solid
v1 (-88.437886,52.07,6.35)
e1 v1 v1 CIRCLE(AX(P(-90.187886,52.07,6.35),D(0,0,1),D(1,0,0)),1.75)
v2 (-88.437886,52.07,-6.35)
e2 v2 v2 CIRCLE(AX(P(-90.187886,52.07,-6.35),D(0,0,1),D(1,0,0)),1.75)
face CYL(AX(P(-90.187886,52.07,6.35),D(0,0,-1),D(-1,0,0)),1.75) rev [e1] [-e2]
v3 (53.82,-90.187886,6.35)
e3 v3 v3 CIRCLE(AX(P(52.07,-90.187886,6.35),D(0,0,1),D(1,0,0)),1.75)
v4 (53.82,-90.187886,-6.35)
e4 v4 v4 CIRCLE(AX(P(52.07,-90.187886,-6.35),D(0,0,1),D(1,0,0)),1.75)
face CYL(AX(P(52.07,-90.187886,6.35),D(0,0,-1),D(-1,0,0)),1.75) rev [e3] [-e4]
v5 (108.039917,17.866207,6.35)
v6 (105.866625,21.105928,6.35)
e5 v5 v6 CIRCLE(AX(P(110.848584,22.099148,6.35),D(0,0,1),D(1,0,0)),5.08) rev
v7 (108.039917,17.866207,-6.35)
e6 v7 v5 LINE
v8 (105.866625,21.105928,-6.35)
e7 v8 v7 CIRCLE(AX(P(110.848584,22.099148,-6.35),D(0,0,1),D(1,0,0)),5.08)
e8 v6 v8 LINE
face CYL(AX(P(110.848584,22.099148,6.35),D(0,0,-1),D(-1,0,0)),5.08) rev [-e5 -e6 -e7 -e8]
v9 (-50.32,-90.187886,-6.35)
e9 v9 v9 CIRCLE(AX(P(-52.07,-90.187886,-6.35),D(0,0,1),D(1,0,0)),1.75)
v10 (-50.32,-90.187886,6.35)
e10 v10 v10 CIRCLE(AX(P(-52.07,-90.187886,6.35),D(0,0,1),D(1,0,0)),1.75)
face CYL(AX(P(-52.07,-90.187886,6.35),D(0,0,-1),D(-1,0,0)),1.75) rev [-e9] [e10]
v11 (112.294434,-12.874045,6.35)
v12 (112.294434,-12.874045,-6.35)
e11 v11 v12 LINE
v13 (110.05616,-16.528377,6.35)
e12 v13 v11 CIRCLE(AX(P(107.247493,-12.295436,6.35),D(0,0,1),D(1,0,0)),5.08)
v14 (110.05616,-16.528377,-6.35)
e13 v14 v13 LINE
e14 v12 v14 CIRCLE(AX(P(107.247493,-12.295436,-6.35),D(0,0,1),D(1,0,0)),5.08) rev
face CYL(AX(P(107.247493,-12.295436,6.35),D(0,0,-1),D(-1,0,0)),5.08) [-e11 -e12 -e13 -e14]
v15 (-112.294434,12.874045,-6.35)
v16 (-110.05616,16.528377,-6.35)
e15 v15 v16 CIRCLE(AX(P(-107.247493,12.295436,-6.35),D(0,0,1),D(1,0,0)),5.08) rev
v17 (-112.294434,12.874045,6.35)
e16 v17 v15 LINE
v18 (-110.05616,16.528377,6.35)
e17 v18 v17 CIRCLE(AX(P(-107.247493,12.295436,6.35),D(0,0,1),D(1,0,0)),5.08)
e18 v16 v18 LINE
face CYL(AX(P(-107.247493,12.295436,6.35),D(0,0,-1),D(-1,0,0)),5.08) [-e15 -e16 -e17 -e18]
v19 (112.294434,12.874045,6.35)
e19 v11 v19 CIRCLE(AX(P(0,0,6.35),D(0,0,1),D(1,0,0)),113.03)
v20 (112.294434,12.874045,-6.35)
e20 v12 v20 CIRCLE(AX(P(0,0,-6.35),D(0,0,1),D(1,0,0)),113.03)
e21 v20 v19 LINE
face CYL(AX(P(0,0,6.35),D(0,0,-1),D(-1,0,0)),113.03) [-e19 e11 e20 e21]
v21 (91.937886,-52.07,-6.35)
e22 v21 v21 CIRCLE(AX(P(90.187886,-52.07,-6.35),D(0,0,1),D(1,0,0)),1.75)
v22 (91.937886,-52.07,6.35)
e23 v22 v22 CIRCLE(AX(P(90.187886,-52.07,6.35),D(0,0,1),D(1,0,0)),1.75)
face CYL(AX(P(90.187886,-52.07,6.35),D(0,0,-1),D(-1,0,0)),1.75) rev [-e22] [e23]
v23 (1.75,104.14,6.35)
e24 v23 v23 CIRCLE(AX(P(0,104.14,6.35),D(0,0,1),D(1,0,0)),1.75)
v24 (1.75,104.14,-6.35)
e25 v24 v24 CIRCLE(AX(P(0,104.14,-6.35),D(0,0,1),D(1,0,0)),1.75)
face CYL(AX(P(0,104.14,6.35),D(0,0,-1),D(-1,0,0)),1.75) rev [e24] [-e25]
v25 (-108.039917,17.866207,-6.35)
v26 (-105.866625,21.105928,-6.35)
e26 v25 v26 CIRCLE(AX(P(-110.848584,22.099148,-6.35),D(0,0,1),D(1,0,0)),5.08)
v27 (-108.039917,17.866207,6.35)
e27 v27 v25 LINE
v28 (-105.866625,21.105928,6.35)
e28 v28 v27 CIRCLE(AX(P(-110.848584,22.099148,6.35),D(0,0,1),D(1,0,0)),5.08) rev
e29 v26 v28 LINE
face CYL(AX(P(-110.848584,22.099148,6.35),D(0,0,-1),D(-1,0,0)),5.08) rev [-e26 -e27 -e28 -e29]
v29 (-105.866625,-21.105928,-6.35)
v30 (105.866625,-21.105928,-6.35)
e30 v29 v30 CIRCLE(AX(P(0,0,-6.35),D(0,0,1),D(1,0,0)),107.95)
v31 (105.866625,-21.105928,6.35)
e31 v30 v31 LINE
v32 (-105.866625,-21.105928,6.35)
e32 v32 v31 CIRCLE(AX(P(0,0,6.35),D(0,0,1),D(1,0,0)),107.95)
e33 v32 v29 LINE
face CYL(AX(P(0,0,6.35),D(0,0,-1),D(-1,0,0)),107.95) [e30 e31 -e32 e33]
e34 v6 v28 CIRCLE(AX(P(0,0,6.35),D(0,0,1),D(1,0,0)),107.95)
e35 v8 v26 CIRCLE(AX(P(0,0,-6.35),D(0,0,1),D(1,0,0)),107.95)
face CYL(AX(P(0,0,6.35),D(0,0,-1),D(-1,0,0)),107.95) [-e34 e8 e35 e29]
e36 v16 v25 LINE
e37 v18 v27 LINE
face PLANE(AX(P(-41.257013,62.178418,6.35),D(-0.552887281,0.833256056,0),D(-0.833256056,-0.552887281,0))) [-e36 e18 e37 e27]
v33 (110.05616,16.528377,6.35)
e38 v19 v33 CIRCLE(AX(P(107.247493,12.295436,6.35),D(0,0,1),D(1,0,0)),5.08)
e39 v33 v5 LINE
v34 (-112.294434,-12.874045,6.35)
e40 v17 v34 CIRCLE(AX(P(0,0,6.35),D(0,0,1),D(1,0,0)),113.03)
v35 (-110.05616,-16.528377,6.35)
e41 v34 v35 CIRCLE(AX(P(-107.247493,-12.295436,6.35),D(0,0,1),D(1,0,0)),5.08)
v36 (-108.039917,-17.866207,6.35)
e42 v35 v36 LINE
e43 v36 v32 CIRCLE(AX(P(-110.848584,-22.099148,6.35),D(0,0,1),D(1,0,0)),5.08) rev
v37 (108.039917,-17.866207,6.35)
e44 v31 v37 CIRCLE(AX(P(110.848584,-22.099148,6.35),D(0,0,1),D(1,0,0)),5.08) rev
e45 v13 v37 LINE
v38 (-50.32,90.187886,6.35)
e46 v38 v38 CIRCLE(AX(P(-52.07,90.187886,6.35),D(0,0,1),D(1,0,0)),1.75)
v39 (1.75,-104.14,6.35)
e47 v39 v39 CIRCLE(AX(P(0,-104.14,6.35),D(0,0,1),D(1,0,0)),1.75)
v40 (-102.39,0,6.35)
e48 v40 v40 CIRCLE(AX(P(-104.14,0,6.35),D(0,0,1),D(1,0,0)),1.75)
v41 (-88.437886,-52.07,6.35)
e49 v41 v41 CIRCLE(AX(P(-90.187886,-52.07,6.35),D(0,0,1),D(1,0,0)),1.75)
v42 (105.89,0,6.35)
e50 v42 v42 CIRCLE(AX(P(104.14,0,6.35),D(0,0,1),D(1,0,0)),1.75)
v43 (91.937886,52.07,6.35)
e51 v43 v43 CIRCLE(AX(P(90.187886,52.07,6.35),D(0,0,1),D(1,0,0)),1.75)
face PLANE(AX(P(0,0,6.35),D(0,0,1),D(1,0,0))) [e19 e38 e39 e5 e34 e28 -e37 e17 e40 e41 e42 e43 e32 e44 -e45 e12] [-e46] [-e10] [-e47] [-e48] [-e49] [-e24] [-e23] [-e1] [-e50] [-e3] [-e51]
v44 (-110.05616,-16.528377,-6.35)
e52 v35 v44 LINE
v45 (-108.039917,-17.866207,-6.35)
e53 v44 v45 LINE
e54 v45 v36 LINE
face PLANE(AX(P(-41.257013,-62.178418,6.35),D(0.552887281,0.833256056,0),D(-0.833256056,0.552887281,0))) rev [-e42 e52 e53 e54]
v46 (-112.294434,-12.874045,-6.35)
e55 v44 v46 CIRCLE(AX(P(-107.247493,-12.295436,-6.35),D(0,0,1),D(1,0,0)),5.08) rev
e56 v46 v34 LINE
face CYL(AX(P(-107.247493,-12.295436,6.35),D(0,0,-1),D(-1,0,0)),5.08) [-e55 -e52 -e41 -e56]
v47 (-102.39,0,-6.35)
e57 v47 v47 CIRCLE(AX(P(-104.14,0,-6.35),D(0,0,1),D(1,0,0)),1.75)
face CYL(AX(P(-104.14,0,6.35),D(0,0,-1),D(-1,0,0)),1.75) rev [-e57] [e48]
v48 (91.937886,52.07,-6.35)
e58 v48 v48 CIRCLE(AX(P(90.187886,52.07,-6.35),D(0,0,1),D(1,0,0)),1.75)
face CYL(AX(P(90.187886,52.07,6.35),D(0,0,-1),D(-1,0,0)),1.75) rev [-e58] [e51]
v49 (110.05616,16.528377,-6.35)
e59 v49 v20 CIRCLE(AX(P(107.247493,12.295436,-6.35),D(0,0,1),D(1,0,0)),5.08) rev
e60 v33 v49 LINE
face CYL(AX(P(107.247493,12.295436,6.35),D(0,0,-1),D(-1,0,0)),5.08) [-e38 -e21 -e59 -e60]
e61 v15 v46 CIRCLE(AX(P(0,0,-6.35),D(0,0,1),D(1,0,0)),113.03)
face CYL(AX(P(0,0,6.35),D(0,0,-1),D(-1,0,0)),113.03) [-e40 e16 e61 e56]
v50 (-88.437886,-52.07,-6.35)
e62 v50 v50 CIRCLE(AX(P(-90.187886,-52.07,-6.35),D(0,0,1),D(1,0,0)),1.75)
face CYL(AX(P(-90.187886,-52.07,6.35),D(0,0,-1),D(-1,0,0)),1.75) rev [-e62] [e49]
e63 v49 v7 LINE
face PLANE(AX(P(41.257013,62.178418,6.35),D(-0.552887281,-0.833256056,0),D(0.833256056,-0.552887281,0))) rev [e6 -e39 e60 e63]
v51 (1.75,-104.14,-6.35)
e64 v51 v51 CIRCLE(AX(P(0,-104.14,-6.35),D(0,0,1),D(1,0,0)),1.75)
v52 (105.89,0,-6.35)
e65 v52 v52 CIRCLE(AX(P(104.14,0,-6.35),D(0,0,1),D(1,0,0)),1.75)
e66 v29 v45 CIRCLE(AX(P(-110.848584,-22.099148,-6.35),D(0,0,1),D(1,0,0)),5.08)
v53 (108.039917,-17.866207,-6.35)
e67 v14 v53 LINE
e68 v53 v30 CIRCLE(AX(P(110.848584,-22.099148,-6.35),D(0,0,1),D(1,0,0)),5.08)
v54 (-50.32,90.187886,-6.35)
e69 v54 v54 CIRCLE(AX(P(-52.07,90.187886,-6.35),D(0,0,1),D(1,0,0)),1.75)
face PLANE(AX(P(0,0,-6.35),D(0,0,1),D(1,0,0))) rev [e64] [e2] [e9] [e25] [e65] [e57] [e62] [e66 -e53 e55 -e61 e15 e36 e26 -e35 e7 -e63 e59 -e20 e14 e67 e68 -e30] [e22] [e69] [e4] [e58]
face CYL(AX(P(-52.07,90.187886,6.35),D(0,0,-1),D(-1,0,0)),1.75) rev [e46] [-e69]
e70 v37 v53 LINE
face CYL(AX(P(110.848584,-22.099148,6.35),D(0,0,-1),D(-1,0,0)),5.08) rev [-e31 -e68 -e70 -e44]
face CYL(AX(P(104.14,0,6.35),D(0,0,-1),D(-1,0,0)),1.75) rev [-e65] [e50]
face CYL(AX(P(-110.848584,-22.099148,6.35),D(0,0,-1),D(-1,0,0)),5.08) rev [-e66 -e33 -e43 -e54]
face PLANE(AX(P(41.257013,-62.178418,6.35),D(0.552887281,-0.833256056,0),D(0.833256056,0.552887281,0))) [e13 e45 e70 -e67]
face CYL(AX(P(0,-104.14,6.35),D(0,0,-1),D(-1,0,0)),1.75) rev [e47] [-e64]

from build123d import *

# Parameters (mm, degrees)
SKETCH1_R           = 1.75
BOSS_EXTRUDE1_DEPTH = 6.35
FILLET1_R           = 5.08


with BuildPart() as part:
    # Sketch1 → Boss-Extrude1 (new, symmetric)
    with BuildSketch(Plane.XY):
        with BuildLine():
            Line((-111.997871855, 15.24), (-106.25582337, 19.05))
            ThreePointArc((-106.25582337, 19.05), (0, 107.95), (106.25582337, 19.05))
            Line((106.25582337, 19.05), (111.997871855, 15.24))
            ThreePointArc((111.997871855, 15.24), (113.03, 0), (111.997871855, -15.24))
            Line((111.997871855, -15.24), (106.25582337, -19.05))
            ThreePointArc((106.25582337, -19.05), (0, -107.95), (-106.25582337, -19.05))
            Line((-106.25582337, -19.05), (-111.997871855, -15.24))
            ThreePointArc((-111.997871855, -15.24), (-113.03, 0), (-111.997871855, 15.24))
        make_face()
        with Locations((0, 104.14)):
            Circle(SKETCH1_R, mode=Mode.SUBTRACT)
        with Locations((90.18788555, 52.07)):
            Circle(SKETCH1_R, mode=Mode.SUBTRACT)
        with Locations((104.14, 0)):
            Circle(SKETCH1_R, mode=Mode.SUBTRACT)
        with Locations((90.18788555, -52.07)):
            Circle(SKETCH1_R, mode=Mode.SUBTRACT)
        with Locations((52.07, -90.18788555)):
            Circle(SKETCH1_R, mode=Mode.SUBTRACT)
        with Locations((0, -104.14)):
            Circle(SKETCH1_R, mode=Mode.SUBTRACT)
        with Locations((-52.07, -90.18788555)):
            Circle(SKETCH1_R, mode=Mode.SUBTRACT)
        with Locations((-90.18788555, -52.07)):
            Circle(SKETCH1_R, mode=Mode.SUBTRACT)
        with Locations((-104.14, 0)):
            Circle(SKETCH1_R, mode=Mode.SUBTRACT)
        with Locations((-90.18788555, 52.07)):
            Circle(SKETCH1_R, mode=Mode.SUBTRACT)
        with Locations((-52.07, 90.18788555)):
            Circle(SKETCH1_R, mode=Mode.SUBTRACT)
    extrude(amount=BOSS_EXTRUDE1_DEPTH, both=True)

    # Fillet1
    fillet1_edges = [part.edges().sort_by_distance(p)[0] for p in [
        (-111.997871855, -15.24, 0),
        (-111.997871855, 15.24, 0),
        (-106.25582337, 19.05, 0),
        (106.25582337, 19.05, 0),
        (111.997871855, 15.24, 0),
        (111.997871855, -15.24, 0),
        (106.25582337, -19.05, 0),
        (-106.25582337, -19.05, 0),
    ]]
    fillet(fillet1_edges, radius=FILLET1_R)


solid = part.part
